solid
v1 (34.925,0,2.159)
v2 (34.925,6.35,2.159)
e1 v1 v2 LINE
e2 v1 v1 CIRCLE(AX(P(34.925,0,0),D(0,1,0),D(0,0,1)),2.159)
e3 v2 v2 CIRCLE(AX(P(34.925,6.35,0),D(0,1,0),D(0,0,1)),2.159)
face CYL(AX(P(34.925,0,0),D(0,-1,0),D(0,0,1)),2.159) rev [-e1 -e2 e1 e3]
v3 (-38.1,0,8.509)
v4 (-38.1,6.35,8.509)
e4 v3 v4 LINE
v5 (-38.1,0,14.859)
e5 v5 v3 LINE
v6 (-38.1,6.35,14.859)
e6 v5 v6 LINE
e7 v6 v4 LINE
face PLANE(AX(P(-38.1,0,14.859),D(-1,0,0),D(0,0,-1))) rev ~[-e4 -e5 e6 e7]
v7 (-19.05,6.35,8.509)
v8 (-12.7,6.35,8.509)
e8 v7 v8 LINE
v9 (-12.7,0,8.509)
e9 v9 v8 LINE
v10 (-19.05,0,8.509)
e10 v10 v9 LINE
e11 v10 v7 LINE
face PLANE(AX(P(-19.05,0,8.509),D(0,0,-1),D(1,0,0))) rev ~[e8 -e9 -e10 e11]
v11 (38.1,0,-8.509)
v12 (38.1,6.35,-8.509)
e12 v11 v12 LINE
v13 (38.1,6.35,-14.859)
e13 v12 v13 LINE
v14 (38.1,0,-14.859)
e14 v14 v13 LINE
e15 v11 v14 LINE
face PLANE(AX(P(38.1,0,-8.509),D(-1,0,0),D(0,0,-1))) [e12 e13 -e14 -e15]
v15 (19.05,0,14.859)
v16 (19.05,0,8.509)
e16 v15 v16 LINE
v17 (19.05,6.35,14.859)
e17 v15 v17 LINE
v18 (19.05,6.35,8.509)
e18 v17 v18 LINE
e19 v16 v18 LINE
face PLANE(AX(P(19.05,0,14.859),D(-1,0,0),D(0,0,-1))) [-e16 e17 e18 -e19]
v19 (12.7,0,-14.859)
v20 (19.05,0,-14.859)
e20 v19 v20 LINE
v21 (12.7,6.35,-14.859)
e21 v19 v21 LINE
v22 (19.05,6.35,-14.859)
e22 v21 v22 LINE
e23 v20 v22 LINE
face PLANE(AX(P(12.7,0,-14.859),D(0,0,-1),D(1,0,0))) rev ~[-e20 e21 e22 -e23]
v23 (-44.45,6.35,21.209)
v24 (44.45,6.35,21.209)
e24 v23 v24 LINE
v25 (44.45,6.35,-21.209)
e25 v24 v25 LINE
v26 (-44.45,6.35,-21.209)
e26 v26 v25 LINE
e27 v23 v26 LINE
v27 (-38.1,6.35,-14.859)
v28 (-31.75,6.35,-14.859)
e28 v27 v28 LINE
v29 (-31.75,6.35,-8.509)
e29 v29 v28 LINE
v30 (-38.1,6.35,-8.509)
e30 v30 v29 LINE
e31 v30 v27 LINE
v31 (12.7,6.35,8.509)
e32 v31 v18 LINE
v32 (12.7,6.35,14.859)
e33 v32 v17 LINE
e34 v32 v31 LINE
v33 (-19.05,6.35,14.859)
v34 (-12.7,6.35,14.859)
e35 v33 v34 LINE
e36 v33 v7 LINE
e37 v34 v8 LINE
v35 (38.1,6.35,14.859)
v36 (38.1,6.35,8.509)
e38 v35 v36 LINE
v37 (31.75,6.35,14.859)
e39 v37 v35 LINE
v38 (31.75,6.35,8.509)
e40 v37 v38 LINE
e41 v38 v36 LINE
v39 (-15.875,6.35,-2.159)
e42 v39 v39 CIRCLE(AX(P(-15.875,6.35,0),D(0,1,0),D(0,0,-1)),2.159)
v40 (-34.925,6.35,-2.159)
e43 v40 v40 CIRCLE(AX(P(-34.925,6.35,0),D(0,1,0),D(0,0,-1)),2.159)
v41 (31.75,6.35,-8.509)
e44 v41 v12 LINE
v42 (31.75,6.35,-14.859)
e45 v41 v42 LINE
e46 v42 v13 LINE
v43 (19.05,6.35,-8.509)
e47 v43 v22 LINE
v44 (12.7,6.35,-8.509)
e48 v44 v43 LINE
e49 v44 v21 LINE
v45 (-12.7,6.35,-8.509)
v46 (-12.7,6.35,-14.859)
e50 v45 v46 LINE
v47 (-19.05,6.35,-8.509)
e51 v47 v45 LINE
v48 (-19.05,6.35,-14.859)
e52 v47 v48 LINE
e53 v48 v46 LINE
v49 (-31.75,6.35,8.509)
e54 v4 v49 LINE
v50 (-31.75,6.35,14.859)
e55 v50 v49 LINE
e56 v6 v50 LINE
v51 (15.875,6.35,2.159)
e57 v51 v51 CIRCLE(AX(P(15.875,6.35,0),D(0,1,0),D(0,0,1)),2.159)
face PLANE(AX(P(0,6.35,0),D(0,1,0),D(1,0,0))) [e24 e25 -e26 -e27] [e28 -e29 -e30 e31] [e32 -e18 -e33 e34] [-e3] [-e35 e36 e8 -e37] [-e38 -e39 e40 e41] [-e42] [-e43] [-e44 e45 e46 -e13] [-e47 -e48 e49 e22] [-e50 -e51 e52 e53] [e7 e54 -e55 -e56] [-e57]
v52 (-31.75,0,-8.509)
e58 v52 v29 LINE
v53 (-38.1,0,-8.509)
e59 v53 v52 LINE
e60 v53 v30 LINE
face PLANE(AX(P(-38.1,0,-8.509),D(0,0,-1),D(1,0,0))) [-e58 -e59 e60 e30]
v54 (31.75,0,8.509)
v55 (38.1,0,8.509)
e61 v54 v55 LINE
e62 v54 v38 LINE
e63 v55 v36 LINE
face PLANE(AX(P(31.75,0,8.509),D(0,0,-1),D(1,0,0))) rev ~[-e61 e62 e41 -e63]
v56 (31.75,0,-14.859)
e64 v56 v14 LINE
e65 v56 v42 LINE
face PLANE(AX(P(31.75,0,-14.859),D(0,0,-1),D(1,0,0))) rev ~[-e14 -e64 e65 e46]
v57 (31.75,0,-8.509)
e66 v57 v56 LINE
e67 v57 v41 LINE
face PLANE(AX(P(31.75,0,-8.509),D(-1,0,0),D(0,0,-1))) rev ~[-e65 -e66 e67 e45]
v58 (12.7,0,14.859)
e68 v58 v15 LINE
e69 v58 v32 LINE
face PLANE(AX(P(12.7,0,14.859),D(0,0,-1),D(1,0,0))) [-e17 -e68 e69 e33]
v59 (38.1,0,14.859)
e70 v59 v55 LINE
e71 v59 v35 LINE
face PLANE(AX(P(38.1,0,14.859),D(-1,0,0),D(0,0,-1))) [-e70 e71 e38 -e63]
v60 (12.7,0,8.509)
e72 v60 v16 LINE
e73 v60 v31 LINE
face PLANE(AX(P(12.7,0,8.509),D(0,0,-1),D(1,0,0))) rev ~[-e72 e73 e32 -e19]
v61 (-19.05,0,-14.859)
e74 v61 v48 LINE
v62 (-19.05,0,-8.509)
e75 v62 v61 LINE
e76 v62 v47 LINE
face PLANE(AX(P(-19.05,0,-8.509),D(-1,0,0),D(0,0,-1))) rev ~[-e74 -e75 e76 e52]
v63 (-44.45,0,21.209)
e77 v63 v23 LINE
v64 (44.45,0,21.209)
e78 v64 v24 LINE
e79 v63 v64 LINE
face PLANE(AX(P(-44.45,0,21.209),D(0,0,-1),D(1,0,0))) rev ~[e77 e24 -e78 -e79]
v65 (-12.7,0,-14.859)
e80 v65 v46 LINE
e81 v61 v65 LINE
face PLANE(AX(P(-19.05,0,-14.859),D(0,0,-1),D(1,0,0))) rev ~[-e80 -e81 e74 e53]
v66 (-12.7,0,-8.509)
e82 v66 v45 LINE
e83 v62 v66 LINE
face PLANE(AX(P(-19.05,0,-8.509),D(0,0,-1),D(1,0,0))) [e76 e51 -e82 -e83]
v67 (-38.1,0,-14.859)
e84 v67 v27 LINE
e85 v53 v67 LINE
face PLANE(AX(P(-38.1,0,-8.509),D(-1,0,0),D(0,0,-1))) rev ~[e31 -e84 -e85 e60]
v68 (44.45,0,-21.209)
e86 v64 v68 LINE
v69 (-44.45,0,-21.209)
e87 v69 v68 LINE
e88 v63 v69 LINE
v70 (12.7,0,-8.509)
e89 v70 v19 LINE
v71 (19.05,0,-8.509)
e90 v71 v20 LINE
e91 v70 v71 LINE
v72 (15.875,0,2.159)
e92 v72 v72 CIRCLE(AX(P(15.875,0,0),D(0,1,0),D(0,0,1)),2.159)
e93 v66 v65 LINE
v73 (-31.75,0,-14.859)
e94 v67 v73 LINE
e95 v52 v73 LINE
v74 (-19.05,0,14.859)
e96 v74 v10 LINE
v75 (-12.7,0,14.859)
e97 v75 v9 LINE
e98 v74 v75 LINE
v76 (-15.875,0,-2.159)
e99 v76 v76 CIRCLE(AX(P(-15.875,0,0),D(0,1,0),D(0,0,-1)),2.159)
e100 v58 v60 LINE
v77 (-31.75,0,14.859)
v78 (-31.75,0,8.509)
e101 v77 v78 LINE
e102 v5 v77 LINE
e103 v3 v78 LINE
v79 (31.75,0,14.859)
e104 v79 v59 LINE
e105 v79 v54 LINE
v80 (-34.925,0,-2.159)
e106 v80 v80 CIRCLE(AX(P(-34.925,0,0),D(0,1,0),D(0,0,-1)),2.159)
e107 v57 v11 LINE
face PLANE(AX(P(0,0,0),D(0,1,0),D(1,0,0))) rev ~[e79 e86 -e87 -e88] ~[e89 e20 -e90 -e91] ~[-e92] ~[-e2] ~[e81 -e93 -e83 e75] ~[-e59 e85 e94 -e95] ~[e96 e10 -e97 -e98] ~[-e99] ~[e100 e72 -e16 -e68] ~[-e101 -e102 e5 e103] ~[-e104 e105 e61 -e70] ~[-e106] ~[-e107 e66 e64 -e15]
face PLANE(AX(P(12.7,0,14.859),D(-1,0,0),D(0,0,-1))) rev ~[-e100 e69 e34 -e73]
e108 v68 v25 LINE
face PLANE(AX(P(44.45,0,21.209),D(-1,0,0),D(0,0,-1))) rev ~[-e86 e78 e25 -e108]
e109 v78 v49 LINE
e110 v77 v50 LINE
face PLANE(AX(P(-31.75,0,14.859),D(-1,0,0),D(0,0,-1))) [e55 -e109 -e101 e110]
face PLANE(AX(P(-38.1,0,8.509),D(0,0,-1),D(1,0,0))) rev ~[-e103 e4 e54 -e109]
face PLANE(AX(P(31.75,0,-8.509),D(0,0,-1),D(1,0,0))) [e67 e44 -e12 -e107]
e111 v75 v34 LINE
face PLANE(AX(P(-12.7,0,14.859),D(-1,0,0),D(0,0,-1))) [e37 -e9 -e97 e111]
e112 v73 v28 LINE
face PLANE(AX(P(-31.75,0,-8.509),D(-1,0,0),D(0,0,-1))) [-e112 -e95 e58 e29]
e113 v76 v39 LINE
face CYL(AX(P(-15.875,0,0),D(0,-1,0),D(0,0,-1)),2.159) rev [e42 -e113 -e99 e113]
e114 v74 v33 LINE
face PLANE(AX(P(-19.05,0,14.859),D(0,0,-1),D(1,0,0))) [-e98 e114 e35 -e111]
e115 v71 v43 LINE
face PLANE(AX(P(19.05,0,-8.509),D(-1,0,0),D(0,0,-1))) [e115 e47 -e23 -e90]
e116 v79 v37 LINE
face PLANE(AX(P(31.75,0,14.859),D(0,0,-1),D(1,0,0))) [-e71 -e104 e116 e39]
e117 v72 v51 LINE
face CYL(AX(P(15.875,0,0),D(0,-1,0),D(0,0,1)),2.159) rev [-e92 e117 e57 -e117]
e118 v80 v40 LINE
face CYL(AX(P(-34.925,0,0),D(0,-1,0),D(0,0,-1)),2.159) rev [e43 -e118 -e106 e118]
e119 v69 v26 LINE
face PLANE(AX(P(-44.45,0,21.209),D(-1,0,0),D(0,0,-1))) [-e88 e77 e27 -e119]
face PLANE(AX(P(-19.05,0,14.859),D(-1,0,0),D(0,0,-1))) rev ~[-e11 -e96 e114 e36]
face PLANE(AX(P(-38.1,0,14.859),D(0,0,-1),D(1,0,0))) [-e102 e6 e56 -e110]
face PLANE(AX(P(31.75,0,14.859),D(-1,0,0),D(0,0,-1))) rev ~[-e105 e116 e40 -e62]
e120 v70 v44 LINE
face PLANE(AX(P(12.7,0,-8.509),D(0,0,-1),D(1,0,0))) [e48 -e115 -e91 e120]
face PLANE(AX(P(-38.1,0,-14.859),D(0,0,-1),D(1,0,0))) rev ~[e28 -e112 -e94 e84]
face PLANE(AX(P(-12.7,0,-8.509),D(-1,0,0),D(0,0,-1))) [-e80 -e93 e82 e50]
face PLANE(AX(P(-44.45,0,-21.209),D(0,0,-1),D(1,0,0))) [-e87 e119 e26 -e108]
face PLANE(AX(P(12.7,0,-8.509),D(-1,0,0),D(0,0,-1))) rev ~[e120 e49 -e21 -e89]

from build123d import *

# Parameters (mm, degrees)
ELEVATOR_SPACER_W   = 88.9
ELEVATOR_SPACER_H   = 42.418
ELEVATOR_SPACER_R   = 2.159
ELEVATOR_SPACER_W_2 = 6.35
ELEVATOR_SPACER_H_2 = 6.35
BOSS_EXTRUDE1_DEPTH = 6.35


with BuildPart() as part:
    # Elevator Spacer → Boss-Extrude1 (new body)
    with BuildSketch(Plane(origin=(0, 0, 0), x_dir=(1, 0, 0), z_dir=(0, 1, 0))):
        Rectangle(ELEVATOR_SPACER_W, ELEVATOR_SPACER_H)
        with Locations(Location((34.925, 0, 0), (0, 0, 270))):
            Circle(ELEVATOR_SPACER_R, mode=Mode.SUBTRACT)
        with Locations(Location((15.875, 0, 0), (0, 0, 270))):
            Circle(ELEVATOR_SPACER_R, mode=Mode.SUBTRACT)
        with Locations(Location((-15.875, 0, 0), (0, 0, 90))):
            Circle(ELEVATOR_SPACER_R, mode=Mode.SUBTRACT)
        with Locations(Location((-34.925, 0, 0), (0, 0, 90))):
            Circle(ELEVATOR_SPACER_R, mode=Mode.SUBTRACT)
        with Locations((34.925, 11.684)):
            Rectangle(ELEVATOR_SPACER_W_2, ELEVATOR_SPACER_H_2, mode=Mode.SUBTRACT)
        with Locations((34.925, -11.684)):
            Rectangle(ELEVATOR_SPACER_W_2, ELEVATOR_SPACER_H_2, mode=Mode.SUBTRACT)
        with Locations((15.875, 11.684)):
            Rectangle(ELEVATOR_SPACER_W_2, ELEVATOR_SPACER_H_2, mode=Mode.SUBTRACT)
        with Locations((15.875, -11.684)):
            Rectangle(ELEVATOR_SPACER_W_2, ELEVATOR_SPACER_H_2, mode=Mode.SUBTRACT)
        with Locations((-15.875, -11.684)):
            Rectangle(ELEVATOR_SPACER_W_2, ELEVATOR_SPACER_H_2, mode=Mode.SUBTRACT)
        with Locations((-15.875, 11.684)):
            Rectangle(ELEVATOR_SPACER_W_2, ELEVATOR_SPACER_H_2, mode=Mode.SUBTRACT)
        with Locations((-34.925, -11.684)):
            Rectangle(ELEVATOR_SPACER_W_2, ELEVATOR_SPACER_H_2, mode=Mode.SUBTRACT)
        with Locations((-34.925, 11.684)):
            Rectangle(ELEVATOR_SPACER_W_2, ELEVATOR_SPACER_H_2, mode=Mode.SUBTRACT)
    extrude(amount=BOSS_EXTRUDE1_DEPTH)


solid = part.part
